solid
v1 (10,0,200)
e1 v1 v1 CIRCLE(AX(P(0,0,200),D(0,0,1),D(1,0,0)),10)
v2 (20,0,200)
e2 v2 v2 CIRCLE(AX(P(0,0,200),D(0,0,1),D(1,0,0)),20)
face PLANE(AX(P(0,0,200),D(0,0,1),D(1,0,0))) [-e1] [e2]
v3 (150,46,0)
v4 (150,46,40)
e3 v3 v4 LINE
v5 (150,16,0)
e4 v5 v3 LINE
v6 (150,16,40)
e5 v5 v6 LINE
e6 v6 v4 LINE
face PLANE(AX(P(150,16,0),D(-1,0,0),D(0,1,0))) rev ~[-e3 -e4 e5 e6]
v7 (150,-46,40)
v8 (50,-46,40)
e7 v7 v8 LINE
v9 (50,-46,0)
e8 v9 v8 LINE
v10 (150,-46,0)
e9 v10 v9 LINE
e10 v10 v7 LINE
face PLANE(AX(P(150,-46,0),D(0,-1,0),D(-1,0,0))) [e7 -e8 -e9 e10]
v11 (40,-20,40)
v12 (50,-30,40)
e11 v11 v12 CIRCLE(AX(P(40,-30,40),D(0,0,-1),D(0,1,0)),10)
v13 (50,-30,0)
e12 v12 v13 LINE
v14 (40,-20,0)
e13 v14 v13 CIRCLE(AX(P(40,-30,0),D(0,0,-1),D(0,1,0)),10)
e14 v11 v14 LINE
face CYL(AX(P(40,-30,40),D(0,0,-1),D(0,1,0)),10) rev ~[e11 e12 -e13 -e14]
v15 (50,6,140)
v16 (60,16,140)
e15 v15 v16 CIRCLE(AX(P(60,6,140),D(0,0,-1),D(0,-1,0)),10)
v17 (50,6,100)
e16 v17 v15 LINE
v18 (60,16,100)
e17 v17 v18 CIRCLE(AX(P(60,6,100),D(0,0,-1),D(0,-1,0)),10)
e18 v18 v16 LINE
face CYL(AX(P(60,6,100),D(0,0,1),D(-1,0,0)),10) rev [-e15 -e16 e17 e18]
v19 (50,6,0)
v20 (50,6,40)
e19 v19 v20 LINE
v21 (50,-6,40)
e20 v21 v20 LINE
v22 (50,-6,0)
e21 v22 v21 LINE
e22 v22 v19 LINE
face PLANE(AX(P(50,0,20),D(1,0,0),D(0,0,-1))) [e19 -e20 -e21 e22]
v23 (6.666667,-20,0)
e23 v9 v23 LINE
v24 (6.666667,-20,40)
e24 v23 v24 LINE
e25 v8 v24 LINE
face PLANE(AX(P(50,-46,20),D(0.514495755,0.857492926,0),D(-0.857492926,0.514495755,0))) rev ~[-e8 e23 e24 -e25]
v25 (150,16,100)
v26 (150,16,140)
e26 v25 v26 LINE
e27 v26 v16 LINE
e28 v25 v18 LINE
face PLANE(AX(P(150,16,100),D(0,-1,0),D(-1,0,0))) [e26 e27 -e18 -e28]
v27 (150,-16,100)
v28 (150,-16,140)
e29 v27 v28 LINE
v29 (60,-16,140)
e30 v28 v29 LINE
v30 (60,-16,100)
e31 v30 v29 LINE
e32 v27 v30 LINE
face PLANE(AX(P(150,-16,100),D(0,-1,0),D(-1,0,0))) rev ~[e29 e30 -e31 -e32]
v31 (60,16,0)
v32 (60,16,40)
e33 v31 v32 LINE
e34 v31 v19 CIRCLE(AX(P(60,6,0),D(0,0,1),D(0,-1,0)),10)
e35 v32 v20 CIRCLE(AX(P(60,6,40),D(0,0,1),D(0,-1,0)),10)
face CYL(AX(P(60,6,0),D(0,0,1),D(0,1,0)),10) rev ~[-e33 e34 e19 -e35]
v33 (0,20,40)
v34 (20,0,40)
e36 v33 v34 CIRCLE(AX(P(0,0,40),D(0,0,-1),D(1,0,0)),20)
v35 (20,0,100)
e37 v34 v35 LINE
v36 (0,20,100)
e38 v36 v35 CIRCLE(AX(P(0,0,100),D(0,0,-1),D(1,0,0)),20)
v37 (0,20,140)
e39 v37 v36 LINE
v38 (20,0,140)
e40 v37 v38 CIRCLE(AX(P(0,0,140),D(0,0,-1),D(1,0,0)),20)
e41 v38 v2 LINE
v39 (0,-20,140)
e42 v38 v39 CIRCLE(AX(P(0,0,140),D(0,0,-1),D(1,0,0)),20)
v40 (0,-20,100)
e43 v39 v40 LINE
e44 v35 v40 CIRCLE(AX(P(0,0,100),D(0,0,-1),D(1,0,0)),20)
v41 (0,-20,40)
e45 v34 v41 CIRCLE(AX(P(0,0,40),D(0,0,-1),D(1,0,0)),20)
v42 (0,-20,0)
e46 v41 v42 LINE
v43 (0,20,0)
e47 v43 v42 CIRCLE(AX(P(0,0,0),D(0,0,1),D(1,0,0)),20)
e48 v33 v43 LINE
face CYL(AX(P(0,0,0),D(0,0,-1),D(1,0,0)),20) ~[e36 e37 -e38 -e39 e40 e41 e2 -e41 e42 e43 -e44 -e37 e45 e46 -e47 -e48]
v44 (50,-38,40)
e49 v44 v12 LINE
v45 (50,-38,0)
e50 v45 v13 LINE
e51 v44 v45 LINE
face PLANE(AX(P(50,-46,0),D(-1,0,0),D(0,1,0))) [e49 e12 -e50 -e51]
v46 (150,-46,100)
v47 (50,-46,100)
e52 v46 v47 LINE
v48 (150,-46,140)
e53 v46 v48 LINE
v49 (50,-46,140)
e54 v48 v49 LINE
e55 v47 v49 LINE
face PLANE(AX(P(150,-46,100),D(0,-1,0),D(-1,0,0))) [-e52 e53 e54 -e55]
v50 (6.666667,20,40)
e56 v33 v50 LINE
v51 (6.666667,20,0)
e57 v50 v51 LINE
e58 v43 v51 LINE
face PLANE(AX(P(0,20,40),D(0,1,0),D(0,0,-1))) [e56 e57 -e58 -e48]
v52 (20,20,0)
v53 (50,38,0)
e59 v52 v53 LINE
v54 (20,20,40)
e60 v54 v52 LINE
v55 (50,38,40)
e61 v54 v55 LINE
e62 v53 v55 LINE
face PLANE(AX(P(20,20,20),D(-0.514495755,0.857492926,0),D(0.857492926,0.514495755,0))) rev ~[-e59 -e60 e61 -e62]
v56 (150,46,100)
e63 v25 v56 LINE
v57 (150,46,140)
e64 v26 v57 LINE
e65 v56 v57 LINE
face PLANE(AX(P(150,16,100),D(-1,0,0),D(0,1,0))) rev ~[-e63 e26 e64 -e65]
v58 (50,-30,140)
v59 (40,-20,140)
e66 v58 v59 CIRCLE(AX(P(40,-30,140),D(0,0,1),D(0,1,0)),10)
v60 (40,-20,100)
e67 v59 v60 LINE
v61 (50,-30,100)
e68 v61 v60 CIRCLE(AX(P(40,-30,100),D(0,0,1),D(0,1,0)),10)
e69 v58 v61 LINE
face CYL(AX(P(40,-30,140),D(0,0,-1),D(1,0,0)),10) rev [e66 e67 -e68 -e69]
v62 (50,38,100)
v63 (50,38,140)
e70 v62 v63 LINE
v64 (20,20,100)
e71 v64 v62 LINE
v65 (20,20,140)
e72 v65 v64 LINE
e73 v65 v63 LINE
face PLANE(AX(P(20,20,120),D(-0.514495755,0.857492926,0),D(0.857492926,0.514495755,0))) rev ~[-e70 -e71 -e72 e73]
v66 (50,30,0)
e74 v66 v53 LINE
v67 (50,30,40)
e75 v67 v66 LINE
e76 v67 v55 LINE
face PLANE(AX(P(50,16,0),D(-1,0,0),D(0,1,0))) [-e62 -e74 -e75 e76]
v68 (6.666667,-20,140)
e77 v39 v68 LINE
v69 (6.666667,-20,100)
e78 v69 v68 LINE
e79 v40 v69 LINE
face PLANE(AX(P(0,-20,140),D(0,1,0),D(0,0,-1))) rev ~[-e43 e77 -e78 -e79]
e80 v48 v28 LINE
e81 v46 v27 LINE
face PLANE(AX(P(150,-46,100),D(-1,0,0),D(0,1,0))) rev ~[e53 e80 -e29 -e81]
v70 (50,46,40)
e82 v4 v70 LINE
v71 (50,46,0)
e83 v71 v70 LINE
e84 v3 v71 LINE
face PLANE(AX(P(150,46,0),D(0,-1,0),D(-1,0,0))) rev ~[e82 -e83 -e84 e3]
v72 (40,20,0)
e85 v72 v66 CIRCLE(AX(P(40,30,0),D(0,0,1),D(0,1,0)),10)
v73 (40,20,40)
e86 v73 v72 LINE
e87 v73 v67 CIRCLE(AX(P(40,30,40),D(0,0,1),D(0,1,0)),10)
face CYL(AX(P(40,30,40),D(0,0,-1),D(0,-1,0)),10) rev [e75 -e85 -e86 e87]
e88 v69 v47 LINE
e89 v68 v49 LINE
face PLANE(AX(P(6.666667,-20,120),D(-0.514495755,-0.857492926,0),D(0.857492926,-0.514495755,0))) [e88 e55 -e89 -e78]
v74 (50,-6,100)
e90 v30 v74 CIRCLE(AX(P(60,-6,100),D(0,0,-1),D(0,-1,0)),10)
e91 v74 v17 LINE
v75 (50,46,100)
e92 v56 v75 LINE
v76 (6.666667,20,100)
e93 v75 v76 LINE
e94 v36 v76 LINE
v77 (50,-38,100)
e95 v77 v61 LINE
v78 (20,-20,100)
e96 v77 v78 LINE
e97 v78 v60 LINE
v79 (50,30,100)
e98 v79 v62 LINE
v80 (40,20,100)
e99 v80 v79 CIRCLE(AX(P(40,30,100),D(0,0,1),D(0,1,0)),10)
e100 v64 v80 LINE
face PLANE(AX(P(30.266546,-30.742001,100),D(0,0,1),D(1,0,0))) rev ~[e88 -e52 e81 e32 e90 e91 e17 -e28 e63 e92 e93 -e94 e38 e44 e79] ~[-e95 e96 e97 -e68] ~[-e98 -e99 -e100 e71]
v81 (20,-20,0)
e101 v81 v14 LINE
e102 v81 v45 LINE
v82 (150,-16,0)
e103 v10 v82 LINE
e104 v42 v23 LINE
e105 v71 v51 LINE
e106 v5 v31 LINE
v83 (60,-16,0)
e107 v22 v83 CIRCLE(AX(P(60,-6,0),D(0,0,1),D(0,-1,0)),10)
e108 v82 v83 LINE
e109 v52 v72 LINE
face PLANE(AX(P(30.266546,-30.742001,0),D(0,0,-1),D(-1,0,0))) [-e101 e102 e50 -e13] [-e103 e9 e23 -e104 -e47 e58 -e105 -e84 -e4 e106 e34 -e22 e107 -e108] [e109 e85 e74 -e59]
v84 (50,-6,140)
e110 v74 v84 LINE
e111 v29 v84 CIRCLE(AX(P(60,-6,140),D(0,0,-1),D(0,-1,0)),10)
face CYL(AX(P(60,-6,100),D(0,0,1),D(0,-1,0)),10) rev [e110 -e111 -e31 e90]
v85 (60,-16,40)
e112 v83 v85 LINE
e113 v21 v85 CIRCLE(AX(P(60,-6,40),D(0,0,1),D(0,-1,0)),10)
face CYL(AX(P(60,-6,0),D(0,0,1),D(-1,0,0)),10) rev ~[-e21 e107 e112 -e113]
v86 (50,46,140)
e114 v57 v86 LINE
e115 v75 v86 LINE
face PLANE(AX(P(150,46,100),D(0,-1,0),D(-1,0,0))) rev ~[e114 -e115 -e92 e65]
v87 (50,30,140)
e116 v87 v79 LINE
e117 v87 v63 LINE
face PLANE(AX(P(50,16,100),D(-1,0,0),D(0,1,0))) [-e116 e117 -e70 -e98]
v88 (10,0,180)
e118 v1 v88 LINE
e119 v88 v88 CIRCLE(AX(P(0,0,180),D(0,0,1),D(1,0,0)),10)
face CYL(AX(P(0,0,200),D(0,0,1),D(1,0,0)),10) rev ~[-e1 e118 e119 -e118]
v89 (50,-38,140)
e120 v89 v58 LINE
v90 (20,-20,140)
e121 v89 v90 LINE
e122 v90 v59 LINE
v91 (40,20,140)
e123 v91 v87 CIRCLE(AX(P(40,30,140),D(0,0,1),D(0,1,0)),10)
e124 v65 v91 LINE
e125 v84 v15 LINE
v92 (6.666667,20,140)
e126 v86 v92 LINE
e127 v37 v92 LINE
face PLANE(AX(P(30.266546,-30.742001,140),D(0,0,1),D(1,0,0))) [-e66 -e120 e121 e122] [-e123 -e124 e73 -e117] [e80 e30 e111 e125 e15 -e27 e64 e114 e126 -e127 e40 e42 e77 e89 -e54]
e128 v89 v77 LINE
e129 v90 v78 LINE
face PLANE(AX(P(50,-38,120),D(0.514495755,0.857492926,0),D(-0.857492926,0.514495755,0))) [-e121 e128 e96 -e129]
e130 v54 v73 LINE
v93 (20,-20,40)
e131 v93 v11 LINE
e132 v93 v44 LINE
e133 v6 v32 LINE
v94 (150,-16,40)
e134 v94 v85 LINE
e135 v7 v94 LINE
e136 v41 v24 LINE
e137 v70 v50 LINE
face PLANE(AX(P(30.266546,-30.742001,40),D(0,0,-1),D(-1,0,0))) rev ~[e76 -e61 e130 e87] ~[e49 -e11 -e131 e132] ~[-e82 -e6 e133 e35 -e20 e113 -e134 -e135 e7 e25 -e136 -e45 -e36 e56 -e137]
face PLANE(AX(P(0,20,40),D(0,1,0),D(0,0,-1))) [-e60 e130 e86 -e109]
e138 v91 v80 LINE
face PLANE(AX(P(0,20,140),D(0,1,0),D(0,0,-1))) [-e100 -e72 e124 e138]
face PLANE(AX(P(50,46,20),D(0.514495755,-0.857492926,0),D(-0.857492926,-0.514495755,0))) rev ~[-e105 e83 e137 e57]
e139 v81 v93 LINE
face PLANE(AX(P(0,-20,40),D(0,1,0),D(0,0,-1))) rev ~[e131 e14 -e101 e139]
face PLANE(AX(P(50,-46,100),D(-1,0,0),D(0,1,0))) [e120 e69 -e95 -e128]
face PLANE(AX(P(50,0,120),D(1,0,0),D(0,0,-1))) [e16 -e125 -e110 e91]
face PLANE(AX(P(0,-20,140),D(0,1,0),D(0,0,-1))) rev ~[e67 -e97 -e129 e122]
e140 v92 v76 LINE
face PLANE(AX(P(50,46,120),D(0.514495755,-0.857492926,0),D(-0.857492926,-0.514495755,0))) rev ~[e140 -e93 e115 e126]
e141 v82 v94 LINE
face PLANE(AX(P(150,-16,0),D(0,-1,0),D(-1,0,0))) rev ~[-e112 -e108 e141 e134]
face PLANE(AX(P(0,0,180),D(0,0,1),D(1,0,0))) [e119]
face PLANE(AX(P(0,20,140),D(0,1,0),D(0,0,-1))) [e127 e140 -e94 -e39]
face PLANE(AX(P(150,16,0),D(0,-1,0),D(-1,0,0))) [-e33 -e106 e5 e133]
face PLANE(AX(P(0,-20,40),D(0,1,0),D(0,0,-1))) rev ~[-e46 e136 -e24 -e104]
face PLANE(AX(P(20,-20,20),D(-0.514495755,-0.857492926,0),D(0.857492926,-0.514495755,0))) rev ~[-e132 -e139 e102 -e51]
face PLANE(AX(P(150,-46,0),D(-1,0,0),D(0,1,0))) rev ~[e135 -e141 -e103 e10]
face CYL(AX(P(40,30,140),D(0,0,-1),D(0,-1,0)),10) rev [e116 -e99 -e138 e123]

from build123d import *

# Parameters (mm, degrees)
SKETCH_1_R          = 20
EXTRUDE_1_DEPTH     = 200
SKETCH_2_W          = 40
SKETCH_2_H          = 40
EXTRUDE_2_DEPTH     = 50
SKETCH_3_W          = 100
SKETCH_3_H          = 30
EXTRUDE_3_DEPTH     = 40
SKETCH_4_W          = 100
SKETCH_4_H          = 30
EXTRUDE_4_DEPTH     = 40
FILLET_1_R          = 10
SKETCH_10_R         = 10
CUT_EXTRUDE_1_DEPTH = 20
EXTRUDE_6_DEPTH     = 20
EXTRUDE_7_DEPTH     = 20


with BuildPart() as part:
    # 스케치1 → 보스-돌출1 (new body)
    with BuildSketch(Plane.XY):
        Circle(SKETCH_1_R)
    extrude(amount=EXTRUDE_1_DEPTH)

    # 스케치2 → 보스-돌출2 (add)
    with BuildSketch(Plane(origin=(0, 0, 0), x_dir=(0, 0, -1), z_dir=(1, 0, 0))):
        with Locations((-20, 0)):
            Rectangle(SKETCH_2_W, SKETCH_2_H)
        with Locations((-120, 0)):
            Rectangle(SKETCH_2_W, SKETCH_2_H)
    extrude(amount=EXTRUDE_2_DEPTH)

    # 스케치3 → 보스-돌출3 (add)
    with BuildSketch(Plane(origin=(0, 0, 0), x_dir=(-1, 0, 0), z_dir=(0, 0, -1))):
        with Locations((-100, -31)):
            Rectangle(SKETCH_3_W, SKETCH_3_H)
        with Locations((-100, 31)):
            Rectangle(SKETCH_3_W, SKETCH_3_H)
    extrude(amount=-EXTRUDE_3_DEPTH)

    # 스케치4 → 보스-돌출4 (add)
    with BuildSketch(Plane(origin=(0, 0, 100), x_dir=(-1, 0, 0), z_dir=(0, 0, -1))):
        with Locations((-100, -31)):
            Rectangle(SKETCH_4_W, SKETCH_4_H)
        with Locations((-100, 31)):
            Rectangle(SKETCH_4_W, SKETCH_4_H)
    extrude(amount=-EXTRUDE_4_DEPTH)

    # 필렛1
    fillet_1_edges = [part.edges().sort_by_distance(p)[0] for p in [
        (50, -20, 20),
        (50, 20, 120),
        (50, -20, 120),
        (50, -16, 20),
        (50, 16, 20),
        (50, -16, 120),
        (50, 16, 120),
        (50, 20, 20),
    ]]
    fillet(fillet_1_edges, radius=FILLET_1_R)

    # 스케치10 → 컷-돌출1 (cut)
    with BuildSketch(Plane.XY.offset(200)):
        Circle(SKETCH_10_R)
    extrude(amount=-CUT_EXTRUDE_1_DEPTH, mode=Mode.SUBTRACT)

    # 스케치11 → 보스-돌출6 (add, symmetric)
    with BuildSketch(Plane.XY.offset(20)):
        Polygon((20, 20), (50, 38), (50, 46), (6.666666667, 20), align=None)
        Polygon((20, -20), (50, -38), (50, -46), (6.666666667, -20), align=None)
    extrude(amount=EXTRUDE_6_DEPTH, both=True)

    # 스케치13 → 보스-돌출7 (add, symmetric)
    with BuildSketch(Plane.XY.offset(120)):
        Polygon((20, 20), (50, 38), (50, 46), (6.666666667, 20), align=None)
        Polygon((20, -20), (6.666666667, -20), (50, -46), (50, -38), align=None)
    extrude(amount=EXTRUDE_7_DEPTH, both=True)


solid = part.part
